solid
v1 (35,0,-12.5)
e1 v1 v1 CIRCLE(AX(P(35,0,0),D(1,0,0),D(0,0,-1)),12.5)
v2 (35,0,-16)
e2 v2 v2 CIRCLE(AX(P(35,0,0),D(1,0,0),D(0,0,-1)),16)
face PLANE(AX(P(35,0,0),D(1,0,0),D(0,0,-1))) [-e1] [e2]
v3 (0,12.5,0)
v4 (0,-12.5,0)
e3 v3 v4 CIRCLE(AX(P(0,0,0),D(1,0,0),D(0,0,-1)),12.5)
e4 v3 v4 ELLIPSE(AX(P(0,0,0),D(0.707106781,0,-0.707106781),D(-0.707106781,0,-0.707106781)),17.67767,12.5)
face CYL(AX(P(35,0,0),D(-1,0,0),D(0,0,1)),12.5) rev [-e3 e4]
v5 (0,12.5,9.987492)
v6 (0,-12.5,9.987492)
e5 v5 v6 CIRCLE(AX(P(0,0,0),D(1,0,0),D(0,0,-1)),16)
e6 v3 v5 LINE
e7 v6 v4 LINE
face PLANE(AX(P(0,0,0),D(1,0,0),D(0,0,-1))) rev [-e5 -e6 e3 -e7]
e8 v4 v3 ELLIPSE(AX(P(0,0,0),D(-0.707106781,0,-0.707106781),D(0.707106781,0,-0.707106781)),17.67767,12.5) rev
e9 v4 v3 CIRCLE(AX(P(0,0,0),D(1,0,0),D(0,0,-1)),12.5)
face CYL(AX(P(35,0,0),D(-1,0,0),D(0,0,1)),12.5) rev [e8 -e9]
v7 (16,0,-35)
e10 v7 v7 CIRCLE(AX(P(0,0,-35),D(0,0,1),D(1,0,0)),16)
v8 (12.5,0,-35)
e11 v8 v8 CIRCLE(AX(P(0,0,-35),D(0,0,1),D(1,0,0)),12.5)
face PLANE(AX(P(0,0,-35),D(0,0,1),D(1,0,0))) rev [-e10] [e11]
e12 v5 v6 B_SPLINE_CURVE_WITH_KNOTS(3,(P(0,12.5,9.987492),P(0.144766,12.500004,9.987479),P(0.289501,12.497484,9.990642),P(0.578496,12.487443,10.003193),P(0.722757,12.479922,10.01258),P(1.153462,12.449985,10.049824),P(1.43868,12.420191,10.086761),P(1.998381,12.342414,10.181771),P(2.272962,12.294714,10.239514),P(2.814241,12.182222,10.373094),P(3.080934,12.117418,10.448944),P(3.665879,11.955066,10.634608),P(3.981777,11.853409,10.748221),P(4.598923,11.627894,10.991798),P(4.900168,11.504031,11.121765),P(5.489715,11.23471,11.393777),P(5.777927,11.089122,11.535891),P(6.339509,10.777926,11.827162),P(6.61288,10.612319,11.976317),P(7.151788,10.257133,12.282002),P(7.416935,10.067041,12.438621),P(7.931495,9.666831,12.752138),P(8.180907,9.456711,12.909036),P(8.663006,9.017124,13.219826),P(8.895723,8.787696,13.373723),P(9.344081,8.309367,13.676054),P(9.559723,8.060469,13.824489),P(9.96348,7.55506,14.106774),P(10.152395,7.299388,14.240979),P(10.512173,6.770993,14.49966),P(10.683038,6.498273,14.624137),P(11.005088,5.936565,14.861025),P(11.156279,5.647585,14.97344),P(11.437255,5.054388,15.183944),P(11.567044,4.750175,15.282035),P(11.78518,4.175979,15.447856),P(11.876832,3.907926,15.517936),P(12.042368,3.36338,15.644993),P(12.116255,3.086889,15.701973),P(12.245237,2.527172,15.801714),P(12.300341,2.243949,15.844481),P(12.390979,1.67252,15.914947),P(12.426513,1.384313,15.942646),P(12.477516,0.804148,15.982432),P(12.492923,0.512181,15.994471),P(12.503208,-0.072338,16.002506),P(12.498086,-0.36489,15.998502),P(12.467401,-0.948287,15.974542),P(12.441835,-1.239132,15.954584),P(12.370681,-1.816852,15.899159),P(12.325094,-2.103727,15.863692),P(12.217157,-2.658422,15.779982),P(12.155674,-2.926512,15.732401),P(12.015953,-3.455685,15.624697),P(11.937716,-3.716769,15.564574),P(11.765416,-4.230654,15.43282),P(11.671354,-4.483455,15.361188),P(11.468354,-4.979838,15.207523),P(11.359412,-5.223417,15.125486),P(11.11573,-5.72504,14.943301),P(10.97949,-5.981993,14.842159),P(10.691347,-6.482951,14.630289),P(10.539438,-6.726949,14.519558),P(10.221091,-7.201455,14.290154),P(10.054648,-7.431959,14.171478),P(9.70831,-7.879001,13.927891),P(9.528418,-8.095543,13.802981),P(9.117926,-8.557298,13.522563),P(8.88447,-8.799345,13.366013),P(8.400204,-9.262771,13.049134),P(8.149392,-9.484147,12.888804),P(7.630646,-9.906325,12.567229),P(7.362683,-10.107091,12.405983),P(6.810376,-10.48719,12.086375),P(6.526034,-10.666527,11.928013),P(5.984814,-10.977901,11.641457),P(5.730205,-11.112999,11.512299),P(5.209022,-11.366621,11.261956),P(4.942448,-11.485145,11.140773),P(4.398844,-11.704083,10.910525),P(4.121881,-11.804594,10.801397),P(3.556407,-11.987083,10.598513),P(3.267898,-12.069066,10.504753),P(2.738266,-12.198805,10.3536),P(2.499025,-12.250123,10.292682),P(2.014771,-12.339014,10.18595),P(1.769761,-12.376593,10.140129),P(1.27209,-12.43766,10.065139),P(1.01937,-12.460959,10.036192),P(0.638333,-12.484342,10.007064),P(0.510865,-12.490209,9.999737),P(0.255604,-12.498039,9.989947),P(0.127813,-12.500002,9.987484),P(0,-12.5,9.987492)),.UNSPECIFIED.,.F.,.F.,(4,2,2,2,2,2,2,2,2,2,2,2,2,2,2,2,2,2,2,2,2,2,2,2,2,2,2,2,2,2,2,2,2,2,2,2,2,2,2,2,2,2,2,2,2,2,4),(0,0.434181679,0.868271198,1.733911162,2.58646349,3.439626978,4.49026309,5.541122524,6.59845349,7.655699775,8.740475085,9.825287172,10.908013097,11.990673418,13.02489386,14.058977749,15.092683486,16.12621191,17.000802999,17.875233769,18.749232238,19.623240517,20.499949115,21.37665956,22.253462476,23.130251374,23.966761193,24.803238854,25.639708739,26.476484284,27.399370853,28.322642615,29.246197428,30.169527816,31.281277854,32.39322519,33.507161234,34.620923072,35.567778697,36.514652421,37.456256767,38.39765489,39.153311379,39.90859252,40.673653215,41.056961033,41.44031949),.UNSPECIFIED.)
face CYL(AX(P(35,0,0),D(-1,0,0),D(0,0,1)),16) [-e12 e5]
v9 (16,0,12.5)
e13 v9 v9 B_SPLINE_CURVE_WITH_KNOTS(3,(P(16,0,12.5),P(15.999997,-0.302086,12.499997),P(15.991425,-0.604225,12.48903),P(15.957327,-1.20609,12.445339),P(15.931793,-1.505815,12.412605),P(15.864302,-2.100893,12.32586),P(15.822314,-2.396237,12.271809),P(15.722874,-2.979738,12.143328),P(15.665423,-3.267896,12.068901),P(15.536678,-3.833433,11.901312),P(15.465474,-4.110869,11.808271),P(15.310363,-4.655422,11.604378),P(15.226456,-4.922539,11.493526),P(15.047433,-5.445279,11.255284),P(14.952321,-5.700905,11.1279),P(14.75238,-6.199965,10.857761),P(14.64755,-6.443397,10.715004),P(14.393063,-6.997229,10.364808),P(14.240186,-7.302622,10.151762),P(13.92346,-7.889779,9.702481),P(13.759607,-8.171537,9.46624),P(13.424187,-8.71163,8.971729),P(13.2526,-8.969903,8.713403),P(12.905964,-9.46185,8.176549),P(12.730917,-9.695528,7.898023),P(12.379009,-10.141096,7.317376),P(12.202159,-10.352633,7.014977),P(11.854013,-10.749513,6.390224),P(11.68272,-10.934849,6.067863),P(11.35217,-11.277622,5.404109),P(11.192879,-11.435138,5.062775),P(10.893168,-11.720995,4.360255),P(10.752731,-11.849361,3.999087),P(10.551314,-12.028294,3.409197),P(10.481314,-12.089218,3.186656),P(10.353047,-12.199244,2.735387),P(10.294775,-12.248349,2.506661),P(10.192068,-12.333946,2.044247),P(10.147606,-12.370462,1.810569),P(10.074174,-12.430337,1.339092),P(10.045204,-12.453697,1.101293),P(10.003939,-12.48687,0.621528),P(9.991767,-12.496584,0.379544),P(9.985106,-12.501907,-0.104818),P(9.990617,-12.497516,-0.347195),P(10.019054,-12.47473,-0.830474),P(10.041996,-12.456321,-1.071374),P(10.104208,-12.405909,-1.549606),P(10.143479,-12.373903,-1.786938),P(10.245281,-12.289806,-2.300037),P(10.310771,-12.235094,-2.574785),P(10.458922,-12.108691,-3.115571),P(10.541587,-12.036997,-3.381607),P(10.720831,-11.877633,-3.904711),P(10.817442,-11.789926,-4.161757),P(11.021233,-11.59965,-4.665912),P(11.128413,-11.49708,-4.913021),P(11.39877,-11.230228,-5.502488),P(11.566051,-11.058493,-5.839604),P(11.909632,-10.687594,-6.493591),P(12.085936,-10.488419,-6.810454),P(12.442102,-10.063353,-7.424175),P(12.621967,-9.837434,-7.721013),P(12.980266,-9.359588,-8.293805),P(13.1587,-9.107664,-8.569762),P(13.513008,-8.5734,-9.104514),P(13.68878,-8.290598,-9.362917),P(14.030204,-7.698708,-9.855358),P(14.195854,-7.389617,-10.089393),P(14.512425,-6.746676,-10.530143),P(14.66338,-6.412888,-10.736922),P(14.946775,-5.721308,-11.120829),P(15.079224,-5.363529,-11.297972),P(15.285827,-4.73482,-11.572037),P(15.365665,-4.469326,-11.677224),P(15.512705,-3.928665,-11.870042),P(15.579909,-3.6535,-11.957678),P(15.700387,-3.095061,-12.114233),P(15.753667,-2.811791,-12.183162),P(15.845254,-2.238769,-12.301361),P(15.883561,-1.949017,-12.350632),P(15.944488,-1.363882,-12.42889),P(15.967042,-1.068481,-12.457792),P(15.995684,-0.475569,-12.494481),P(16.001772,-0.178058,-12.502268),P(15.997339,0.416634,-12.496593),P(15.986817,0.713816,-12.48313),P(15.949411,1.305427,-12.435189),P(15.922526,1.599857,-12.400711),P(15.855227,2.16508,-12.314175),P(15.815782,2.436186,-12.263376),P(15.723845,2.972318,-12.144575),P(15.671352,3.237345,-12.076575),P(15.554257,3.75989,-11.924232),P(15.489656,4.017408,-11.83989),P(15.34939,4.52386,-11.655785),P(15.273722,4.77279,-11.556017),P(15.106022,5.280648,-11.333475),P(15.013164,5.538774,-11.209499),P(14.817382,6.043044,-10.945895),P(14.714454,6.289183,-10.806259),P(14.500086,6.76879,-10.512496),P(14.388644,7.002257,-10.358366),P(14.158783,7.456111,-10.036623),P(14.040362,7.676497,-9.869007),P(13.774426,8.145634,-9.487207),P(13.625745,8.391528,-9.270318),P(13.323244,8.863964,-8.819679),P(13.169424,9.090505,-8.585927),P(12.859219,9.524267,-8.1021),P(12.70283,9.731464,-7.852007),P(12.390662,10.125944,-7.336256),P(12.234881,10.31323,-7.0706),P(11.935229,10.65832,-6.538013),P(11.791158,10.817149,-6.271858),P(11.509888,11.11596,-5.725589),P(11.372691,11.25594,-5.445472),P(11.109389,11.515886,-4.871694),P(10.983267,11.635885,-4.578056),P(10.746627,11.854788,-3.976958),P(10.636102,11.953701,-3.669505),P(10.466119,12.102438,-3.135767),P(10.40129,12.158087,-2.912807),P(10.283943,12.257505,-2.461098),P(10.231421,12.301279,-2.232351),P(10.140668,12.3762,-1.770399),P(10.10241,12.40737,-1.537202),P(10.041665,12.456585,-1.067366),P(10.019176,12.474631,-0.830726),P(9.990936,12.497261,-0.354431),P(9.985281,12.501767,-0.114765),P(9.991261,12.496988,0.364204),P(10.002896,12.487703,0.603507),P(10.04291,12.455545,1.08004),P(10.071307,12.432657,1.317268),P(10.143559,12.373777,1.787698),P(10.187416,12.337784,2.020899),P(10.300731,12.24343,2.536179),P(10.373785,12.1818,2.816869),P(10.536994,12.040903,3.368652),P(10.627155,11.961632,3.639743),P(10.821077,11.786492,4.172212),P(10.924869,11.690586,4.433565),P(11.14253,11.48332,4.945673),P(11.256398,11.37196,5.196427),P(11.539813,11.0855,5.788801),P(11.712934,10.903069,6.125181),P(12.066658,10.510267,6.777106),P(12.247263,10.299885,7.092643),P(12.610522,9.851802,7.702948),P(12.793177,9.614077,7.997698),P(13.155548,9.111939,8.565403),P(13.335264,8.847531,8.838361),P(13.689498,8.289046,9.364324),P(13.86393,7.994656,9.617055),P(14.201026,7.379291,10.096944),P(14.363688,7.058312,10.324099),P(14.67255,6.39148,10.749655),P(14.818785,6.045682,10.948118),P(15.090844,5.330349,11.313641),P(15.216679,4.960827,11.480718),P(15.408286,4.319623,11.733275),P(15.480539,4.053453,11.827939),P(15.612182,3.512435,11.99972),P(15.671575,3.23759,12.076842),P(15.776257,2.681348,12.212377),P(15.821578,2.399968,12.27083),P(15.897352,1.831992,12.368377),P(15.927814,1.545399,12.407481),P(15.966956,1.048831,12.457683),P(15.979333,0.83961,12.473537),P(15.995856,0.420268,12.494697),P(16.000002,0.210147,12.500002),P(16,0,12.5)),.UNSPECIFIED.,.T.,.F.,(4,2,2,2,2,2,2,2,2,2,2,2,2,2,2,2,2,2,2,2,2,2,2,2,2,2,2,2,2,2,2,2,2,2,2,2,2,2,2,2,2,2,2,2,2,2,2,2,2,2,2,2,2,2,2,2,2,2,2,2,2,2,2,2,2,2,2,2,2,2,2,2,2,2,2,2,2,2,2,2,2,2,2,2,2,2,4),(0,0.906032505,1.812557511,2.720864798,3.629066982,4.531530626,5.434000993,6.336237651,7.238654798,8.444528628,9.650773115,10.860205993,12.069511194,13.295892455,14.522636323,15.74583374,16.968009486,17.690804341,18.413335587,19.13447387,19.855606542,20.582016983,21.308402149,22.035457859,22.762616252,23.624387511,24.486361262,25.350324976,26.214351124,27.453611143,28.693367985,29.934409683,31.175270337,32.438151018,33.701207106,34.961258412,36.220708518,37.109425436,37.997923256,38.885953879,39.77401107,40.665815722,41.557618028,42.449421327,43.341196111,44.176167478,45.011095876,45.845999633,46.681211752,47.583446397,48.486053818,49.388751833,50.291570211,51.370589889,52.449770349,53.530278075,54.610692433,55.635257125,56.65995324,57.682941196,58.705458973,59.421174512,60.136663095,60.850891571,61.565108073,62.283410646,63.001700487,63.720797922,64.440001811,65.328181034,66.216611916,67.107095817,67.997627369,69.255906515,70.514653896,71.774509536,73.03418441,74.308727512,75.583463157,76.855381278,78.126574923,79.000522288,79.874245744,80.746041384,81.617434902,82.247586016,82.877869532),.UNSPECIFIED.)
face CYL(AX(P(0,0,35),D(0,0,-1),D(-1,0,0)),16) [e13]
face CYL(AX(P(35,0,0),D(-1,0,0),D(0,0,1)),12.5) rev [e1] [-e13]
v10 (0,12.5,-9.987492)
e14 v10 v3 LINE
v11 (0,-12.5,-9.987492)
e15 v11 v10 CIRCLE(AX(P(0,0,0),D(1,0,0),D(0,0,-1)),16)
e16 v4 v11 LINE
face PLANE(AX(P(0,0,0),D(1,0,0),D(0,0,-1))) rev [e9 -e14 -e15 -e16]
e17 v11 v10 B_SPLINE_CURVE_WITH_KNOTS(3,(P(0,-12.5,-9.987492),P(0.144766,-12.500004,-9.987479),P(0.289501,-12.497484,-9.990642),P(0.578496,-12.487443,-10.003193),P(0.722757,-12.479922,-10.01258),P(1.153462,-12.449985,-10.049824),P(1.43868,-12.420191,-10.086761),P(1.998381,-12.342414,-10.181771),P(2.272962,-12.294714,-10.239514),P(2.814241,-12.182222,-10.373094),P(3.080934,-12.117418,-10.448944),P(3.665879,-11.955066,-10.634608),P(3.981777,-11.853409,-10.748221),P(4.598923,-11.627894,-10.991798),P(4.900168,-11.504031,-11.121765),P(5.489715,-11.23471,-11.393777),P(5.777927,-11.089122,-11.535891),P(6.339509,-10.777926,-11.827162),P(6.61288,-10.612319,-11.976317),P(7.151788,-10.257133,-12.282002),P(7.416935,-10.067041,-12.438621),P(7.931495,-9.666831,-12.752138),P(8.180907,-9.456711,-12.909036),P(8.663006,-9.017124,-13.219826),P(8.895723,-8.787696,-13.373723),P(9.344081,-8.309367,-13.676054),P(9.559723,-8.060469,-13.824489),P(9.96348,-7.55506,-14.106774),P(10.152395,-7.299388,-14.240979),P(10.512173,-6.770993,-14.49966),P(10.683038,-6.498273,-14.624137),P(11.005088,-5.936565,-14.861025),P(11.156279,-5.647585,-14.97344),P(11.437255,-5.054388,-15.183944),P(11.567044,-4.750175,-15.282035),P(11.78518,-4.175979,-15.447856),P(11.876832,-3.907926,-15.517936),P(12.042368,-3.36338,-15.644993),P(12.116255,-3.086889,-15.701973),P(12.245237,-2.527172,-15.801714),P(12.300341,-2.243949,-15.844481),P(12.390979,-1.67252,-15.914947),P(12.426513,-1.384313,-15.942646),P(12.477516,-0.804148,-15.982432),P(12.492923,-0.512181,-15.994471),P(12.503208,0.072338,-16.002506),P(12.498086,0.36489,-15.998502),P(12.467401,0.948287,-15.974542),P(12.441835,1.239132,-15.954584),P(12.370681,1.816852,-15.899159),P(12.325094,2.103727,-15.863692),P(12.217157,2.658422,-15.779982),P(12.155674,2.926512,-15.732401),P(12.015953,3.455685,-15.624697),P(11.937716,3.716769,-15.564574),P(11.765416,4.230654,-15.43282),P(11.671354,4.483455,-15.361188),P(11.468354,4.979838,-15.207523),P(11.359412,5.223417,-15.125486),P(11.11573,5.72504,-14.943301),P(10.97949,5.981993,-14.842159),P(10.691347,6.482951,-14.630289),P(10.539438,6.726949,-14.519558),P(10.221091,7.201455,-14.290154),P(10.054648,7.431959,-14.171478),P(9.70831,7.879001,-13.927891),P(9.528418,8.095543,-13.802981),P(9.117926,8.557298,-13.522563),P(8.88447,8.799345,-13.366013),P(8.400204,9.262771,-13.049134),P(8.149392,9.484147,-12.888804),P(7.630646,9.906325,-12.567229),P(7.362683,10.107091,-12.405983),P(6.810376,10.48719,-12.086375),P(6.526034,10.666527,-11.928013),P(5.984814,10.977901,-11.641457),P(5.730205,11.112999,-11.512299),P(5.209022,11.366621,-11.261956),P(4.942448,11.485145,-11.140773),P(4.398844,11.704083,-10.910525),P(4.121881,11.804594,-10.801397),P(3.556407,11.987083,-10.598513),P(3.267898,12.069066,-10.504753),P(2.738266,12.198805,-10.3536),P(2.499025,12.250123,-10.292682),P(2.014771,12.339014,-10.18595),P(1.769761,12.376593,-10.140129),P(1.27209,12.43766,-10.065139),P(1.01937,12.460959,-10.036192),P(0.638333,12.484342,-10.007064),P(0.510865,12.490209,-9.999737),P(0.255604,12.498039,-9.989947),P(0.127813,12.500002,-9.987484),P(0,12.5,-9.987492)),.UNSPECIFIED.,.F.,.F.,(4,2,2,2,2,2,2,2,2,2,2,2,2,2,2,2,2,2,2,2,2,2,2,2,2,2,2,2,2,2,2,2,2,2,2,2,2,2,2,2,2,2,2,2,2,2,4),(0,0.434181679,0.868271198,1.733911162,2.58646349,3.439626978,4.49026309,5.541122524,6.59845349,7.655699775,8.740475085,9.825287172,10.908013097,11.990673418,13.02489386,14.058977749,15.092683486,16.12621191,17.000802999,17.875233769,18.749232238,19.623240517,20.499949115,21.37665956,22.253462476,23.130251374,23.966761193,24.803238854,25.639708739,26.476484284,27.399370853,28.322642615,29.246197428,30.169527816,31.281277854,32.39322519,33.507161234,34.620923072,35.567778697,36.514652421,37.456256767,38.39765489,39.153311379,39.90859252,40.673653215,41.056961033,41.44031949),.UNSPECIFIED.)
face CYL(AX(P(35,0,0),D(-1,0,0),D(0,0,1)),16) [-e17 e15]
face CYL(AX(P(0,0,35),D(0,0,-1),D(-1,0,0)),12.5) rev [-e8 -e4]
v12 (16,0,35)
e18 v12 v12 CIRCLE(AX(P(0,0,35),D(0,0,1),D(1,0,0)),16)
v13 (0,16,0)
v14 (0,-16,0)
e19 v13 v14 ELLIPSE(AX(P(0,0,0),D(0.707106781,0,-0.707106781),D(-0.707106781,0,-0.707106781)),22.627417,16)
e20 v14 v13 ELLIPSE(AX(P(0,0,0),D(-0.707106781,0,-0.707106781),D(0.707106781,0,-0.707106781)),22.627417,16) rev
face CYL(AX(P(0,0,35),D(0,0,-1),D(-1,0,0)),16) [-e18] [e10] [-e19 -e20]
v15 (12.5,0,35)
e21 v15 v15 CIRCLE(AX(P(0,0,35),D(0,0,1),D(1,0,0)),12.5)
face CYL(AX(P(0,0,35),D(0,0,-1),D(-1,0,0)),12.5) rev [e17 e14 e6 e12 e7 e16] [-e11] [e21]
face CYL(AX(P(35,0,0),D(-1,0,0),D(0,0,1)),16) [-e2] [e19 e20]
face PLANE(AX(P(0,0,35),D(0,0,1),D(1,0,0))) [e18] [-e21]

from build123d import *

# Parameters (mm, degrees)
SKETCH_1_R      = 16
SKETCH_1_R_2    = 12.5
EXTRUDE_1_DEPTH = 35
SKETCH_2_R      = 16
SKETCH_2_R_2    = 12.5
EXTRUDE_2_DEPTH = 35


with BuildPart() as part:
    # 草图1 → 凸台-拉伸1 (new body, symmetric)
    with BuildSketch(Plane.XY):
        Circle(SKETCH_1_R)
        Circle(SKETCH_1_R_2, mode=Mode.SUBTRACT)
    extrude(amount=EXTRUDE_1_DEPTH, both=True)

    # 草图2 → 凸台-拉伸2 (add)
    with BuildSketch(Plane(origin=(0, 0, 0), x_dir=(0, 0, -1), z_dir=(1, 0, 0))):
        Circle(SKETCH_2_R)
        Circle(SKETCH_2_R_2, mode=Mode.SUBTRACT)
    extrude(amount=EXTRUDE_2_DEPTH)


solid = part.part
